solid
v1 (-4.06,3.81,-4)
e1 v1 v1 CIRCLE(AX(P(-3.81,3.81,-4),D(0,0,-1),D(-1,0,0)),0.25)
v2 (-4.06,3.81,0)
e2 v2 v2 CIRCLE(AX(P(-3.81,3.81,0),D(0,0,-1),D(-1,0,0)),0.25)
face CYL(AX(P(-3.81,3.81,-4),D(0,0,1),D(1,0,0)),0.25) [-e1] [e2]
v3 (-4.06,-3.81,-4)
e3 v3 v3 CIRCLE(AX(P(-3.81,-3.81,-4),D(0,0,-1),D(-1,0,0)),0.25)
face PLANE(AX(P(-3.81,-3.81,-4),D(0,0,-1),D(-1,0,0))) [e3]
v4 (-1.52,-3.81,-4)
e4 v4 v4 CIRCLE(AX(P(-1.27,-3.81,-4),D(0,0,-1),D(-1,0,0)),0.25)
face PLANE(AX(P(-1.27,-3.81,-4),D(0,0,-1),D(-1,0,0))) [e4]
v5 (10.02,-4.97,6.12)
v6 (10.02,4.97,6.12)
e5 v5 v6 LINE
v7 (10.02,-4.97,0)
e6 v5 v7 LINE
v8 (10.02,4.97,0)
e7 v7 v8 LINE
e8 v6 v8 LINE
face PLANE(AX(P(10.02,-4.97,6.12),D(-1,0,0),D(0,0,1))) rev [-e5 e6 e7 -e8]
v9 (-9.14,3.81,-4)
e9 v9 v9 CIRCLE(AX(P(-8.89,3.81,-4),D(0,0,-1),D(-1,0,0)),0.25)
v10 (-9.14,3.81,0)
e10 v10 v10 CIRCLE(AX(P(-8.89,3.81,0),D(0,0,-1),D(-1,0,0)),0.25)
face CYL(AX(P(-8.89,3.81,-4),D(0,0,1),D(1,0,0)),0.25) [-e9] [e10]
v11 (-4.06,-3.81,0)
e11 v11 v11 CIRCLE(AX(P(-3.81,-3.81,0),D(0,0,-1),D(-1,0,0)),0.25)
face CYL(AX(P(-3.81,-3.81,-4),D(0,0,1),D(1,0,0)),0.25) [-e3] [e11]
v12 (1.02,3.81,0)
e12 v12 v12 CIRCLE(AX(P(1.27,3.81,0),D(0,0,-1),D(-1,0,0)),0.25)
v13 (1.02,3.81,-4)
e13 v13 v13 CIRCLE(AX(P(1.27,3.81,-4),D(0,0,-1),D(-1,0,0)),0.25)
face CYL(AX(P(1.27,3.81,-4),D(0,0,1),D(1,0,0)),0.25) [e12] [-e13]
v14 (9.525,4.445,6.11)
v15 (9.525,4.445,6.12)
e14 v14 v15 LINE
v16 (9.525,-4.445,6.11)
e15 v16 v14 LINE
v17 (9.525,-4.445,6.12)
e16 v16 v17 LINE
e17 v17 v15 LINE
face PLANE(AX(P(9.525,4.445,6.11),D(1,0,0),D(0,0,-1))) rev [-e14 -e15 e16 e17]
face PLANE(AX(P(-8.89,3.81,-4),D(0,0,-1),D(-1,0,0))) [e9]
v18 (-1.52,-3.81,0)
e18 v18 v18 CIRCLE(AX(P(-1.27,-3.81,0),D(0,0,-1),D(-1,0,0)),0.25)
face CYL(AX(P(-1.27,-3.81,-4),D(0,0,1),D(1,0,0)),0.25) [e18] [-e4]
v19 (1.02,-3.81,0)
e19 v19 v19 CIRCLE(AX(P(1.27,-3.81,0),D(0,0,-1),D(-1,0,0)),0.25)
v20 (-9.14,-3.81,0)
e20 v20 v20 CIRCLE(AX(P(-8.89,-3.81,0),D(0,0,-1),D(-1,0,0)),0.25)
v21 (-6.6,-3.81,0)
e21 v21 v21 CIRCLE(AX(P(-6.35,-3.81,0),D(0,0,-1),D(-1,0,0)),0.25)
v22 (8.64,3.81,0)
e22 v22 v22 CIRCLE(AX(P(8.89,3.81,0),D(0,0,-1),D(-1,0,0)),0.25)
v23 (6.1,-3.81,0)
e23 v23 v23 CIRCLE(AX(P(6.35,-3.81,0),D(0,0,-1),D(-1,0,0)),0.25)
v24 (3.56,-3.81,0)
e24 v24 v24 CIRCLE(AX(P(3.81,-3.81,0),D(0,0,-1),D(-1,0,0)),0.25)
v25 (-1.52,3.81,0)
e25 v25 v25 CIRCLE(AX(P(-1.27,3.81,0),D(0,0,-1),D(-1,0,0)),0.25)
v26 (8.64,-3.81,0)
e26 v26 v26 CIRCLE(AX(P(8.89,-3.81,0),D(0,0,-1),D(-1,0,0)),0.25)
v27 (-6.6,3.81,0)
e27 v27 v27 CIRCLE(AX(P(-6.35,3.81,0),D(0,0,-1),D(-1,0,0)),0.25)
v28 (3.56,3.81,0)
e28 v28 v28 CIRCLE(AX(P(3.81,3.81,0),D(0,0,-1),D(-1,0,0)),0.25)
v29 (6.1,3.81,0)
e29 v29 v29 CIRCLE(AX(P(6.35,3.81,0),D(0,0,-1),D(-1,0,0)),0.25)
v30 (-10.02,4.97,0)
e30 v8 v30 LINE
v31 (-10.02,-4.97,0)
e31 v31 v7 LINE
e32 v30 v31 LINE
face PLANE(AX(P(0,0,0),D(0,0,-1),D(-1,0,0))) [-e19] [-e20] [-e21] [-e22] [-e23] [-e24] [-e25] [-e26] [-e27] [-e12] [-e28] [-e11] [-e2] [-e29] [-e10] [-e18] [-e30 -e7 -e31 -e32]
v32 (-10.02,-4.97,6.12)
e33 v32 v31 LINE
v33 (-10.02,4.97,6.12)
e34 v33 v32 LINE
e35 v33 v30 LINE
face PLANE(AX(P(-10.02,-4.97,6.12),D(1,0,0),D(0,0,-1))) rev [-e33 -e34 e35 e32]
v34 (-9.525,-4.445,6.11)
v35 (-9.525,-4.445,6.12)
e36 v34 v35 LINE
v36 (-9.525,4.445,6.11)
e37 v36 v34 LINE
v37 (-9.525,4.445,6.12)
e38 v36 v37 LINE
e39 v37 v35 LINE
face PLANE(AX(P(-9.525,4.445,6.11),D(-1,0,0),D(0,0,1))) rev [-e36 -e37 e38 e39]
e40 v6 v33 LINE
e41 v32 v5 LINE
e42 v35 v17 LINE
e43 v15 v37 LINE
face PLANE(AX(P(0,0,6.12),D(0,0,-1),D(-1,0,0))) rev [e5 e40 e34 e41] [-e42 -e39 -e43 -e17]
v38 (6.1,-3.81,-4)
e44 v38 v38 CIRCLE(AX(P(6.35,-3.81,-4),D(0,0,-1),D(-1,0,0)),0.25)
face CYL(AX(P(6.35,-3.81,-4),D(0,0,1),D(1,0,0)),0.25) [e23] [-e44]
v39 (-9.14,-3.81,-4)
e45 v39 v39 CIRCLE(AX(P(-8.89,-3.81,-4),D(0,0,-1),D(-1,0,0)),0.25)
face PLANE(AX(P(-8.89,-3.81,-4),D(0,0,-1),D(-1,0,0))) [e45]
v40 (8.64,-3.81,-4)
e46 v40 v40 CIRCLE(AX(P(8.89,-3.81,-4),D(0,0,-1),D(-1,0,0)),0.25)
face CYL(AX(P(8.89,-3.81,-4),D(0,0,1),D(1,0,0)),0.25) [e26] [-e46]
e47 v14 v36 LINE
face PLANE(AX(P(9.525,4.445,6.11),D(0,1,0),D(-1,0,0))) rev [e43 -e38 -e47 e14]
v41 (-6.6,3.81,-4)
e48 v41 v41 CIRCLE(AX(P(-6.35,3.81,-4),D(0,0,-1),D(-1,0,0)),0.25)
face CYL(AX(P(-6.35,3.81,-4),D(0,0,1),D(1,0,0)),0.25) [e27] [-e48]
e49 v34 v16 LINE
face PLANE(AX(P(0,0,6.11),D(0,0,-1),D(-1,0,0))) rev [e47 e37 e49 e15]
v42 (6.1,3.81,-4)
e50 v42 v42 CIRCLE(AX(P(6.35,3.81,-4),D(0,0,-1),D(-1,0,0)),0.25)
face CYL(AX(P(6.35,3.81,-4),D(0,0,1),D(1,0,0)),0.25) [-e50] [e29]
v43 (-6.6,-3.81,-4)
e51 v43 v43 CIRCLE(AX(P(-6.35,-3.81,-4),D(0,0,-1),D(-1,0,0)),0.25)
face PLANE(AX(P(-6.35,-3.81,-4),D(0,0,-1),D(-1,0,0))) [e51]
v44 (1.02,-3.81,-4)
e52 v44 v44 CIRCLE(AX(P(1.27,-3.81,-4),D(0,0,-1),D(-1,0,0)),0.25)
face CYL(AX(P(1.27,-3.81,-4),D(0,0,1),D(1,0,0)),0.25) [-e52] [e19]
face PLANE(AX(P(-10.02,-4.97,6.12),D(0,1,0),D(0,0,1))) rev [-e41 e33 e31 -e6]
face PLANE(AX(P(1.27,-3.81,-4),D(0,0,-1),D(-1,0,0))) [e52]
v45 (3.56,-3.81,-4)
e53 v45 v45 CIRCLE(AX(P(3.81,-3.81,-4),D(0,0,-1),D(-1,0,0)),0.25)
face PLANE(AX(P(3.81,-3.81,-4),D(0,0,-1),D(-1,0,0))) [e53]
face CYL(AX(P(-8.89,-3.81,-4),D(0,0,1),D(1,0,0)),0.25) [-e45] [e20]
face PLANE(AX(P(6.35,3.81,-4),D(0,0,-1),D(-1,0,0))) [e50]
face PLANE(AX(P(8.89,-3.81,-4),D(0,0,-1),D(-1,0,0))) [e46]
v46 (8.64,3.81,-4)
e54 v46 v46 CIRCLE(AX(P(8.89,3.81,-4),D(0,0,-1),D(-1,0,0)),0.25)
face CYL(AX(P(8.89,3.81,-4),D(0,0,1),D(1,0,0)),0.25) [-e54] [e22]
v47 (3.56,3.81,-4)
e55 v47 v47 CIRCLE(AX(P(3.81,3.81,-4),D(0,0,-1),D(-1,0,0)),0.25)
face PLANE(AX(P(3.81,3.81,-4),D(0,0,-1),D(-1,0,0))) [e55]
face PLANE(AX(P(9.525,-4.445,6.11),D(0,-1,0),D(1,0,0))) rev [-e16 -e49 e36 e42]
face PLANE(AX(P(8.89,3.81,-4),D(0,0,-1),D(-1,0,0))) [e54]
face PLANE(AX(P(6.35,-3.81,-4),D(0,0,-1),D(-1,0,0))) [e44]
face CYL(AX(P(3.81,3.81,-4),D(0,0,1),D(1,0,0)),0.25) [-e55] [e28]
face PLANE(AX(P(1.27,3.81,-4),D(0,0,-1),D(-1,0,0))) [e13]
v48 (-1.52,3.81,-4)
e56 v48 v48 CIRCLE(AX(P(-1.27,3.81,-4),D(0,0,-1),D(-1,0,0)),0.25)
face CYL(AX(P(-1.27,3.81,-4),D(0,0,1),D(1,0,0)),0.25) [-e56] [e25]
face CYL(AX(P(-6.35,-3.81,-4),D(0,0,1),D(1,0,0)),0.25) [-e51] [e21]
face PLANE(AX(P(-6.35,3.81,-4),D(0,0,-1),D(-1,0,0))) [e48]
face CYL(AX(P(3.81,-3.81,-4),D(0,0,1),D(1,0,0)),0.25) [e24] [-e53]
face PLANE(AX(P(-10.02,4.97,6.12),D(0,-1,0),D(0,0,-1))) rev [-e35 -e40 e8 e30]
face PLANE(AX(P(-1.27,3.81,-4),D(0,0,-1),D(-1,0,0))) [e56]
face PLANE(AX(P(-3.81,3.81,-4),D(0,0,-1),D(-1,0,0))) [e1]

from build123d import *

# Parameters (mm, degrees)
SKETCH_1_W                  = 20.04
SKETCH_1_H                  = 9.94
EXTRUDE_1_DEPTH             = 6.12
SKETCH_2_R                  = 0.25
EXTRUDE_2_DEPTH             = 4
PATTERN_LINEAR_1_COUNT      = 8
PATTERN_LINEAR_1_PITCH      = 2.54
PATTERN_LINEAR_1_COUNT_DIR2 = 2
PATTERN_LINEAR_1_PITCH_DIR2 = 7.62
SKETCH_3_W                  = 19.05
SKETCH_3_H                  = 8.89
CUT_EXTRUDE_1_DEPTH         = 0.01


with BuildPart() as part:
    # Эскиз1 → Бобышка-Вытянуть1 (new body)
    with BuildSketch(Plane.XY):
        Rectangle(SKETCH_1_W, SKETCH_1_H)
    extrude(amount=EXTRUDE_1_DEPTH)

    # Эскиз2 → Бобышка-Вытянуть2 (add)
    with BuildSketch(Plane(origin=(0, 0, 0), x_dir=(-1, 0, 0), z_dir=(0, 0, -1))):
        with Locations((8.89, -3.81)):
            Circle(SKETCH_2_R)
    extrude_2 = extrude(amount=EXTRUDE_2_DEPTH)

    # Линейный массив1: Extrude 2 8 × 2
    with Locations(*[(i * PATTERN_LINEAR_1_PITCH, j * PATTERN_LINEAR_1_PITCH_DIR2, 0) for i in range(PATTERN_LINEAR_1_COUNT) for j in range(PATTERN_LINEAR_1_COUNT_DIR2) if (i, j) != (0, 0)]):
        add(extrude_2)

    # Эскиз3 → Вырез-Вытянуть1 (cut)
    with BuildSketch(Plane.XY.offset(6.12)):
        Rectangle(SKETCH_3_W, SKETCH_3_H)
    extrude(amount=-CUT_EXTRUDE_1_DEPTH, mode=Mode.SUBTRACT)


solid = part.part
